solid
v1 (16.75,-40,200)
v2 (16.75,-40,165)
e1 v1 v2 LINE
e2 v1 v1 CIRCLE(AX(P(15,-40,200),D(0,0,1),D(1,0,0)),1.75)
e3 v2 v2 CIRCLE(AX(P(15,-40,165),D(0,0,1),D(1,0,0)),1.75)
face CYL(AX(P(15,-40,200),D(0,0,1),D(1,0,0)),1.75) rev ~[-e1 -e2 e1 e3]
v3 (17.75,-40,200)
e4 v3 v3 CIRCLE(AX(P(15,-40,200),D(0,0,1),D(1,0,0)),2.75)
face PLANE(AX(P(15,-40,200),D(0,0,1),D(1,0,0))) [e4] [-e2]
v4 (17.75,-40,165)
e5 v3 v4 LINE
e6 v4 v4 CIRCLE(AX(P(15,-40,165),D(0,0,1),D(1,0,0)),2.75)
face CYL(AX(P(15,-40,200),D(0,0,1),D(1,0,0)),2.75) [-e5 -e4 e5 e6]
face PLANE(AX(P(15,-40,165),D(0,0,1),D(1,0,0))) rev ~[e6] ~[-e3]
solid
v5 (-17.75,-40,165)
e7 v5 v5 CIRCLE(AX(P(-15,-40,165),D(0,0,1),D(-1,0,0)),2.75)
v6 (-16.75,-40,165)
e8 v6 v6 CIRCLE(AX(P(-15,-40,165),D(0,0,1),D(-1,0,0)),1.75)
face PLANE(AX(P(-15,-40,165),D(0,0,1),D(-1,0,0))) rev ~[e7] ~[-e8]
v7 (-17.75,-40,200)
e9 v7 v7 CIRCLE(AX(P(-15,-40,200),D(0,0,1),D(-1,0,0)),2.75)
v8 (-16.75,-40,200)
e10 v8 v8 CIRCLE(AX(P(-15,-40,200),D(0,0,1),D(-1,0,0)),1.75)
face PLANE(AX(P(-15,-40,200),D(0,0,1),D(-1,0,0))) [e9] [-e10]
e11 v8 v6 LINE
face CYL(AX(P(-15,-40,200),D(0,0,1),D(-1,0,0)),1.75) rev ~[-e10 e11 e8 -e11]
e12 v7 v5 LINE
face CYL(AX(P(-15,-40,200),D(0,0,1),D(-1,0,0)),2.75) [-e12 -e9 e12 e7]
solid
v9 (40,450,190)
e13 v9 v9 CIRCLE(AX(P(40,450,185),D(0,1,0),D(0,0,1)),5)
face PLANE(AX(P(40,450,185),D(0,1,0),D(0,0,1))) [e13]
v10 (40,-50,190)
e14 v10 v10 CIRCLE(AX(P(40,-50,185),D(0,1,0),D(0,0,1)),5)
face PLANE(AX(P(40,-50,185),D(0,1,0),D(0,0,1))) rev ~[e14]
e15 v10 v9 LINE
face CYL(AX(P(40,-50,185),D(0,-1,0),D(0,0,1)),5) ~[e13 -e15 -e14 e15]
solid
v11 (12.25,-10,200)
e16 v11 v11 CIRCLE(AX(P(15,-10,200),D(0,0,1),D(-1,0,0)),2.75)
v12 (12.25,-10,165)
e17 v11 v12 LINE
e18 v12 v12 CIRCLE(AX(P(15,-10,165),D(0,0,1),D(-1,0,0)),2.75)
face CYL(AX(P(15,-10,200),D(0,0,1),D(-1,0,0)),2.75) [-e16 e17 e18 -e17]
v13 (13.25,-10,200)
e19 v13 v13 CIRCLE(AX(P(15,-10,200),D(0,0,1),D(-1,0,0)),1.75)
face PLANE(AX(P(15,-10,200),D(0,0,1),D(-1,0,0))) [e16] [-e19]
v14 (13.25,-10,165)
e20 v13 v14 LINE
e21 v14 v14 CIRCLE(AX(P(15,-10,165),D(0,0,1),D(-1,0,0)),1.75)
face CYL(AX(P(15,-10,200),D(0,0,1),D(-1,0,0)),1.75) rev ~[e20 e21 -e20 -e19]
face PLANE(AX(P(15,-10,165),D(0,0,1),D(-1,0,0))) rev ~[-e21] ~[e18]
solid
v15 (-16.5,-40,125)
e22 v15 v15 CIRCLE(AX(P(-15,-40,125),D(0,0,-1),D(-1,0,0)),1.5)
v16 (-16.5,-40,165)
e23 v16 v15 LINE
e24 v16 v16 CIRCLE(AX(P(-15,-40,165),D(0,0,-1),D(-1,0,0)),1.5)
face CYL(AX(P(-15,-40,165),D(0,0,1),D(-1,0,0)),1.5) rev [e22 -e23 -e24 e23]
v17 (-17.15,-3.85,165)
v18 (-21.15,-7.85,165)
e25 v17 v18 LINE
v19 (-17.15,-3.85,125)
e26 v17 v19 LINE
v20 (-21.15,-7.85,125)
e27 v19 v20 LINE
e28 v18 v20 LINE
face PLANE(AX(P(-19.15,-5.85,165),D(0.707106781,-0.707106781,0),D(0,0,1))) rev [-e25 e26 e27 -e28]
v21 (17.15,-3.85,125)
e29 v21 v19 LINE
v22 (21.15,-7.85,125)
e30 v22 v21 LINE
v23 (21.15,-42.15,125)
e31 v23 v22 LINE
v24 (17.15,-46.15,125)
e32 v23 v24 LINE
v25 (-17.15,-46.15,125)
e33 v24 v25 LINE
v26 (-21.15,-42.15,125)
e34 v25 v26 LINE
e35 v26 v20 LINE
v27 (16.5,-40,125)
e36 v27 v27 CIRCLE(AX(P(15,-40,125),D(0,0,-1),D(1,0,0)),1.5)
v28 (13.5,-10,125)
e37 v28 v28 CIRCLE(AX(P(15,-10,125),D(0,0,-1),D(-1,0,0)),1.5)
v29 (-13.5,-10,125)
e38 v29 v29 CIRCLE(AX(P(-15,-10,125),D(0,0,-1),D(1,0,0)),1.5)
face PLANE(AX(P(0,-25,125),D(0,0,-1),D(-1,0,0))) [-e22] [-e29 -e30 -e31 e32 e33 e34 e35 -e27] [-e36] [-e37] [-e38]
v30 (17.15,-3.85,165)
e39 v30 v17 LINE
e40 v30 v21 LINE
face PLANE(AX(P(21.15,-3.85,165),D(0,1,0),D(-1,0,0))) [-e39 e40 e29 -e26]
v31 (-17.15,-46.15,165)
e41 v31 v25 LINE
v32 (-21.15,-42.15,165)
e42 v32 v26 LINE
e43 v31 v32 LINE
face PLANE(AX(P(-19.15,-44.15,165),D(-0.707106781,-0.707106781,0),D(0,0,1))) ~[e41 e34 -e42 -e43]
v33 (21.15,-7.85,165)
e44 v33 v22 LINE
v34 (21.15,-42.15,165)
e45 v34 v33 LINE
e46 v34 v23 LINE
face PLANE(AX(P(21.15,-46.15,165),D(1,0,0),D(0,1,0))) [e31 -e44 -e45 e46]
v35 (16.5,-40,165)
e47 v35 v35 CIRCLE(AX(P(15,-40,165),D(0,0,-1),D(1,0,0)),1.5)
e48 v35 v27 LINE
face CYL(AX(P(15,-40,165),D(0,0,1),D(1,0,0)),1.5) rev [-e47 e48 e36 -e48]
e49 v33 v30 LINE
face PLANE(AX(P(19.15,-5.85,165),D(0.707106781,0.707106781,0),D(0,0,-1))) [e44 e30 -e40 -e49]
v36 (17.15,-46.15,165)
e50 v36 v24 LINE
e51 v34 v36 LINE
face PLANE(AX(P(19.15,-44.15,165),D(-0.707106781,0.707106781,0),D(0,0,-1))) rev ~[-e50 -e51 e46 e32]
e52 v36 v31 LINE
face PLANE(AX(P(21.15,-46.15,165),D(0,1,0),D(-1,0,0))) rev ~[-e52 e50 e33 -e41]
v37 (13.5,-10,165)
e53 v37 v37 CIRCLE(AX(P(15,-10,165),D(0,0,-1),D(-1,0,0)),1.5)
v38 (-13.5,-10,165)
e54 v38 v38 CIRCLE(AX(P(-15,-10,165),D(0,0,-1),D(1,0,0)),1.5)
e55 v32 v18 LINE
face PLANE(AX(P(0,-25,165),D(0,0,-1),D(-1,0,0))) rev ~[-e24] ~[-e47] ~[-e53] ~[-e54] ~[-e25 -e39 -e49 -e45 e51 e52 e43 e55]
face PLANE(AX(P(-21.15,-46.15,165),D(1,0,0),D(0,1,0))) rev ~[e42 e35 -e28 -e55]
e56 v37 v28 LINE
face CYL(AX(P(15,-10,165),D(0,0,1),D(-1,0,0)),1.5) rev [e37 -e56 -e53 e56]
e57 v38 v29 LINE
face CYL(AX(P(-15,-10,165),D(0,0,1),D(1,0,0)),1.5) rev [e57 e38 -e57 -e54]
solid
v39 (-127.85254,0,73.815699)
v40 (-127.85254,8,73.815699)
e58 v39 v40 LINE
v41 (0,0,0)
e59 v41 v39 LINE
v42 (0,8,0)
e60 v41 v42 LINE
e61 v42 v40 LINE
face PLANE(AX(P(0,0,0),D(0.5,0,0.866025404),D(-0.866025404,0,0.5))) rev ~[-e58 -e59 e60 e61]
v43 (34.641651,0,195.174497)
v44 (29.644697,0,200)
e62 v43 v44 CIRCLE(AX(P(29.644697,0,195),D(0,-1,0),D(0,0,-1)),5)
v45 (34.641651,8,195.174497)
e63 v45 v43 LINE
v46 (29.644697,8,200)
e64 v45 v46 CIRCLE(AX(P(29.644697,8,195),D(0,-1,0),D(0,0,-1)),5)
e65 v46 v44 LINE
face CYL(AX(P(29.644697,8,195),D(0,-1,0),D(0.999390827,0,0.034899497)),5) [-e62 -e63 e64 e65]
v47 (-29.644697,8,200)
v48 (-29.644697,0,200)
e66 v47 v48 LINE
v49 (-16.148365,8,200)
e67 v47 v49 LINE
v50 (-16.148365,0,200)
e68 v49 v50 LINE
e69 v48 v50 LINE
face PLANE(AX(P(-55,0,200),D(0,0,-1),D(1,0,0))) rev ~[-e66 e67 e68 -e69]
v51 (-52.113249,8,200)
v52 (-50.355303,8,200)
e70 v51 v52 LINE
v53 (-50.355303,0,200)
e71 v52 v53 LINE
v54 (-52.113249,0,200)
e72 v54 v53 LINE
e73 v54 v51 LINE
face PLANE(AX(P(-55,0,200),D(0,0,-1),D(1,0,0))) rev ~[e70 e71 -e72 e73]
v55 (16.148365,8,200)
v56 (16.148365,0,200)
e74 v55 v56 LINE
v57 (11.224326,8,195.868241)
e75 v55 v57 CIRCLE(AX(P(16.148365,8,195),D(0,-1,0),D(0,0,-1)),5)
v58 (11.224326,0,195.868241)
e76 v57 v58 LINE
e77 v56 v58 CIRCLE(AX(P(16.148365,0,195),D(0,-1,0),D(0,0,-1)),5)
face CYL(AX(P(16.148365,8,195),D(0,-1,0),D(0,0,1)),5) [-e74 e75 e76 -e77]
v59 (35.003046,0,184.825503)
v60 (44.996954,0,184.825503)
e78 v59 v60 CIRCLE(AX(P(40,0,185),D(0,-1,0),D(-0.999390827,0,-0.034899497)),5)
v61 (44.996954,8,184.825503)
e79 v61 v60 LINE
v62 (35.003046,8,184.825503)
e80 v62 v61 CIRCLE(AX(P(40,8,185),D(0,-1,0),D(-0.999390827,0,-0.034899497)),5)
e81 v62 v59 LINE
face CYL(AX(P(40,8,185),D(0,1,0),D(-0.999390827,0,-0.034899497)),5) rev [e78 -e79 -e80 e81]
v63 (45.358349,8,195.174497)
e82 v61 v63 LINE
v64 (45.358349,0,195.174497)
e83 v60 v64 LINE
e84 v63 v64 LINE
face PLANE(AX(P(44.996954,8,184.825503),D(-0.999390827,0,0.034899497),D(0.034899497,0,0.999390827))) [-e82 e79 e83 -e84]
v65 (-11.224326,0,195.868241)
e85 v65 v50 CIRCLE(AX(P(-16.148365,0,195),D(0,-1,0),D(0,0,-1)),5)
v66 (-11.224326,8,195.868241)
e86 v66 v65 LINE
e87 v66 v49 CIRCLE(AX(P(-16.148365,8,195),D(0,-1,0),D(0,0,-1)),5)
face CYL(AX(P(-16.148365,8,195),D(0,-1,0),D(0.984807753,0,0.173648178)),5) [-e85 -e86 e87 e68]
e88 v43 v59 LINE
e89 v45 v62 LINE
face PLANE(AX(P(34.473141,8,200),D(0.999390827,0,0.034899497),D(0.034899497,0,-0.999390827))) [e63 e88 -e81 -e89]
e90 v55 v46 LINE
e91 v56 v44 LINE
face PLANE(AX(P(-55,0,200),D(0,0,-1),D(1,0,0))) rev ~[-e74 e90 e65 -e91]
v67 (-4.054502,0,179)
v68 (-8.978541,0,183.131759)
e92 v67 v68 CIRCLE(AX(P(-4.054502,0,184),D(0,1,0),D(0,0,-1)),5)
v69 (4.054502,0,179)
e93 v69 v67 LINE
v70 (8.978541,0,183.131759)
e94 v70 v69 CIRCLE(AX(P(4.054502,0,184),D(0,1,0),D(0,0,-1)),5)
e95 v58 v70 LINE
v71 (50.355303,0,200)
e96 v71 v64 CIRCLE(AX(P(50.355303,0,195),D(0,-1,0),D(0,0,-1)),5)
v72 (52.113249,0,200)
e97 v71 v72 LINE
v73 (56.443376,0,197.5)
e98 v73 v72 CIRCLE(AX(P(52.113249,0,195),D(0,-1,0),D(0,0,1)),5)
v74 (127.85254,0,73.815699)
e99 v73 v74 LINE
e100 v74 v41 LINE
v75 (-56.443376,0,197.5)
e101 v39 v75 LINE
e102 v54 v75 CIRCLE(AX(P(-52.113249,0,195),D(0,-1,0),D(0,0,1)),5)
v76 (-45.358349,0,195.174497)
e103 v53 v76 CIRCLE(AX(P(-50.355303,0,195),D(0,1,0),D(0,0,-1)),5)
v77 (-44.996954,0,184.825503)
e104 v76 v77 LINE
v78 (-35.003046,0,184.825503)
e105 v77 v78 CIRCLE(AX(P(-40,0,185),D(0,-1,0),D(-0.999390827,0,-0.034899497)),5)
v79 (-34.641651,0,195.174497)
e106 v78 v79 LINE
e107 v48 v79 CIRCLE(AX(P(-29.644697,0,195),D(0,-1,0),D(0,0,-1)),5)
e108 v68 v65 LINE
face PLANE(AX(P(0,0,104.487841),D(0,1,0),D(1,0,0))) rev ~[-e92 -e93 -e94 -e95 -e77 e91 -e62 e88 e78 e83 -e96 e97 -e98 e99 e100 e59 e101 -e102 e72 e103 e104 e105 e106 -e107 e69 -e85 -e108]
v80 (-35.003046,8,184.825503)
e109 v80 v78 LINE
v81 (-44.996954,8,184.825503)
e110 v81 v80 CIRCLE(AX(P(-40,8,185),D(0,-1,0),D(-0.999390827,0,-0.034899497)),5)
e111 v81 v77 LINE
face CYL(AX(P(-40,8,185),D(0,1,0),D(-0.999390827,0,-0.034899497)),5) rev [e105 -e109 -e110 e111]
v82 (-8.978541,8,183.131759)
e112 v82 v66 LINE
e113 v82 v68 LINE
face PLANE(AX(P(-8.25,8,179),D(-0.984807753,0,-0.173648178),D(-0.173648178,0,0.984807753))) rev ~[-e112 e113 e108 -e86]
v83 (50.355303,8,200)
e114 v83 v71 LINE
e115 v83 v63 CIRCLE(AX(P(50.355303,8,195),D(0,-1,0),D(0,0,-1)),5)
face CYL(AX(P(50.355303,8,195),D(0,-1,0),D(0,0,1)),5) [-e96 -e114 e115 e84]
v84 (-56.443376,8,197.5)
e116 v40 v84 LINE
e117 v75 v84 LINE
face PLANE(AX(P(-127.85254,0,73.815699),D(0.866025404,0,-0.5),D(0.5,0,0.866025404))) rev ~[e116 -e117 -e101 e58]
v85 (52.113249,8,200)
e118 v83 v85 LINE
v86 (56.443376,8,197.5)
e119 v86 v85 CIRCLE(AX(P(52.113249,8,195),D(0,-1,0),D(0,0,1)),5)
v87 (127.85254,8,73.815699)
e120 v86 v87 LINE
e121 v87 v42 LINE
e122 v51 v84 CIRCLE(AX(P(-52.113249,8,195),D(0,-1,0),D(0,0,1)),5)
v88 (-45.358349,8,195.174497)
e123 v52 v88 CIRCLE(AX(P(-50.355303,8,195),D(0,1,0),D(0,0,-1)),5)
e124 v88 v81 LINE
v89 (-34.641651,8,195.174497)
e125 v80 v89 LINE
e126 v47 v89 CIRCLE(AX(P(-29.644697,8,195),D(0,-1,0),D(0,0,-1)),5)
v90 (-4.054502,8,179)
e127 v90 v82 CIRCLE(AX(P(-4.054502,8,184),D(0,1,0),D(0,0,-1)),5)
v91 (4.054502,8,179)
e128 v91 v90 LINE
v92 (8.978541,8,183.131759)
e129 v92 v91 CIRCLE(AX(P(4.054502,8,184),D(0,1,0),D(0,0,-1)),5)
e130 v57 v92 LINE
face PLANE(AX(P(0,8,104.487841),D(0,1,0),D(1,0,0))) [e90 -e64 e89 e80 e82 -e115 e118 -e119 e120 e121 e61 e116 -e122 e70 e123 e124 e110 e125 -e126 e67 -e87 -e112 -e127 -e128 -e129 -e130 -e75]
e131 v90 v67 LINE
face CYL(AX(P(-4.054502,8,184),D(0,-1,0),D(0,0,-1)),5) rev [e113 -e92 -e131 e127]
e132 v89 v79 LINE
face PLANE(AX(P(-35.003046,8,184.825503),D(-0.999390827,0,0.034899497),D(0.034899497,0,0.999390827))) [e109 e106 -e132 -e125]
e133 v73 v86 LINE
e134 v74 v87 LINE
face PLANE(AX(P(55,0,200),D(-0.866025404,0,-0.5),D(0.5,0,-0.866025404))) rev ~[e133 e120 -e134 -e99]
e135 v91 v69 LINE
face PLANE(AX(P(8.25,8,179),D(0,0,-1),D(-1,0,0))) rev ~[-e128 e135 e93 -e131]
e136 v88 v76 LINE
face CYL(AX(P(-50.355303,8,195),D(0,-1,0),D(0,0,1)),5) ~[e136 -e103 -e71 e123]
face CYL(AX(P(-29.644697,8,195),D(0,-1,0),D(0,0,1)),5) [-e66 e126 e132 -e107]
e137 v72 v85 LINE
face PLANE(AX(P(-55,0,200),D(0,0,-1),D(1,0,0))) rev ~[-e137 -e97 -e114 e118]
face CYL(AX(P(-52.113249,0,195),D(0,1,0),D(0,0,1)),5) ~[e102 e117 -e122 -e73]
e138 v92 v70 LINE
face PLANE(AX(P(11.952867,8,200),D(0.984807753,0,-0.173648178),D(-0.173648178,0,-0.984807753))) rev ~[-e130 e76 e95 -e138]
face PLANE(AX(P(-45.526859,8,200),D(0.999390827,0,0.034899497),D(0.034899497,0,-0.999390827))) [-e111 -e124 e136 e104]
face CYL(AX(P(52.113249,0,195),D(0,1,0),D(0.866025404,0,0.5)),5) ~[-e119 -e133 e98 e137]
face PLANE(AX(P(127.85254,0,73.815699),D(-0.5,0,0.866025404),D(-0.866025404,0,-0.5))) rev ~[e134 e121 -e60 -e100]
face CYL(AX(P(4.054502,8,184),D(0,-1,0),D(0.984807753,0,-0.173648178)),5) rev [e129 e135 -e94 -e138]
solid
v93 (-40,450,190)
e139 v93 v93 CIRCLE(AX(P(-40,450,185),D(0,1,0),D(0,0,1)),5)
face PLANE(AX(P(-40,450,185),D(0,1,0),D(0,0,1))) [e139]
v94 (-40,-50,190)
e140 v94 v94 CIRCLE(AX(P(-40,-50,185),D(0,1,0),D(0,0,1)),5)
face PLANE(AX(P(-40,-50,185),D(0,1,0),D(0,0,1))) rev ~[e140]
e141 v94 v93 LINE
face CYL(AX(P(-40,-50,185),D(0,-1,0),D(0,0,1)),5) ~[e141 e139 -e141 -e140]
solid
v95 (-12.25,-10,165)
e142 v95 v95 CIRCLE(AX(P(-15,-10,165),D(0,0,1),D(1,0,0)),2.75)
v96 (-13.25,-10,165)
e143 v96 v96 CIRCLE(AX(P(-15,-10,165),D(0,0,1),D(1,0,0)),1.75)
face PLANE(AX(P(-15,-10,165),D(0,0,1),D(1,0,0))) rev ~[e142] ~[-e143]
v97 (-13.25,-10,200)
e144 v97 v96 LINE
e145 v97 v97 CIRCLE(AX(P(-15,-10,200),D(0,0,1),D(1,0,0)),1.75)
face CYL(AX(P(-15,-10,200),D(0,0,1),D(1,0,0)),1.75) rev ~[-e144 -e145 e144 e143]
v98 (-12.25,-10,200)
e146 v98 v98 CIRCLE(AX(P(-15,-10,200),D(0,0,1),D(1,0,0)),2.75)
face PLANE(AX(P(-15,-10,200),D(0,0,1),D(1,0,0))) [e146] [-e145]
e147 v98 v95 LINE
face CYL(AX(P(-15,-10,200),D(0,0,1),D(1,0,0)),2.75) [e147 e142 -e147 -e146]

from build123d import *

# Parameters (mm, degrees)
BOSS_EXTRUDE1_DEPTH        = 8
CUT_EXTRUDE1_DEPTH         = 8
CUT_EXTRUDE2_DEPTH         = 8
FILLET1_R                  = 5
BOSS_EXTRUDE2_DEPTH        = 450
BOSS_EXTRUDE2_DEPTH_BACK   = 50
SKETCH5_R                  = 5
BOSS_EXTRUDE2_2_DEPTH      = 450
BOSS_EXTRUDE2_2_DEPTH_BACK = 50
SKETCH7_R                  = 2.75
SKETCH7_R_2                = 1.75
BOSS_EXTRUDE3_DEPTH        = 35
BOSS_EXTRUDE3_2_DEPTH      = 35
BOSS_EXTRUDE3_3_DEPTH      = 35
BOSS_EXTRUDE3_4_DEPTH      = 35
SKETCH8_W                  = 42.3
SKETCH8_H                  = 42.3
SKETCH8_R                  = 1.5
BOSS_EXTRUDE4_DEPTH        = 40
CHAMFER1_SIZE              = 4


with BuildPart() as part:
    # Sketch2 → Boss-Extrude1 (new body)
    with BuildSketch(Plane(origin=(0, 0, 0), x_dir=(1, 0, 0), z_dir=(0, 1, 0))):
        Polygon((-55, -200), (55, -200), (127.852540378, -73.815698604), (0, 0), (-127.852540378, -73.815698604), align=None)
    extrude(amount=BOSS_EXTRUDE1_DEPTH)

    # Sketch4 → Cut-Extrude1 (cut)
    with BuildSketch(Plane(origin=(0, 8, 0), x_dir=(1, 0, 0), z_dir=(0, 1, 0))):
        with BuildLine():
            Line((44.996954135, -184.825502516), (45.526859264, -200))
            Line((45.526859264, -200), (34.473140736, -200))
            Line((34.473140736, -200), (35.003045865, -184.825502516))
            ThreePointArc((35.003045865, -184.825502516), (40, -180), (44.996954135, -184.825502516))
        make_face()
        with BuildLine():
            Line((-34.473140736, -200), (-45.526859264, -200))
            Line((-45.526859264, -200), (-44.996954135, -184.825502516))
            ThreePointArc((-44.996954135, -184.825502516), (-40, -180), (-35.003045865, -184.825502516))
            Line((-35.003045865, -184.825502516), (-34.473140736, -200))
        make_face()
    extrude(amount=-CUT_EXTRUDE1_DEPTH, mode=Mode.SUBTRACT)

    # Sketch6 → Cut-Extrude2 (cut)
    with BuildSketch(Plane(origin=(0, 8, 0), x_dir=(1, 0, 0), z_dir=(0, 1, 0))):
        Polygon((-8.25, -179), (-11.952866595, -200), (0, -200), (11.952866595, -200), (8.25, -179), align=None)
    extrude(amount=-CUT_EXTRUDE2_DEPTH, mode=Mode.SUBTRACT)

    # Fillet1
    fillet1_edges = [part.edges().sort_by_distance(p)[0] for p in [
        (45.526859264, 4, 200),
        (34.473140736, 4, 200),
        (-34.473140736, 4, 200),
        (-45.526859264, 4, 200),
        (-55, 4, 200),
        (55, 4, 200),
        (-11.952866595, 4, 200),
        (-8.25, 4, 179),
        (11.952866595, 4, 200),
        (8.25, 4, 179),
    ]]
    fillet(fillet1_edges, radius=FILLET1_R)


with BuildPart() as body_2:
    # Sketch5 → Boss-Extrude2 (new, two sides: drawn at the far end of the back side and taken through both)
    with BuildSketch(Plane(origin=(0, 0, 0), x_dir=(1, 0, 0), z_dir=(0, 1, 0)).offset(-BOSS_EXTRUDE2_DEPTH_BACK)):
        with Locations((40, -185)):
            Circle(SKETCH5_R)
    extrude(amount=BOSS_EXTRUDE2_DEPTH + BOSS_EXTRUDE2_DEPTH_BACK)


with BuildPart() as body_3:
    # Sketch5 → Boss-Extrude2 2 (new, two sides: drawn at the far end of the back side and taken through both)
    with BuildSketch(Plane(origin=(0, 0, 0), x_dir=(1, 0, 0), z_dir=(0, 1, 0)).offset(-BOSS_EXTRUDE2_2_DEPTH_BACK)):
        with Locations((-40, -185)):
            Circle(SKETCH5_R)
    extrude(amount=BOSS_EXTRUDE2_2_DEPTH + BOSS_EXTRUDE2_2_DEPTH_BACK)


with BuildPart() as body_4:
    # Sketch7 → Boss-Extrude3 (new body)
    with BuildSketch(Plane.XY.offset(200)):
        with Locations((-15, -10)):
            Circle(SKETCH7_R)
        with Locations((-15, -10)):
            Circle(SKETCH7_R_2, mode=Mode.SUBTRACT)
    extrude(amount=-BOSS_EXTRUDE3_DEPTH)


with BuildPart() as body_5:
    # Sketch7 → Boss-Extrude3 2 (new body)
    with BuildSketch(Plane.XY.offset(200)):
        with Locations((-15, -40)):
            Circle(SKETCH7_R)
        with Locations((-15, -40)):
            Circle(SKETCH7_R_2, mode=Mode.SUBTRACT)
    extrude(amount=-BOSS_EXTRUDE3_2_DEPTH)


with BuildPart() as body_6:
    # Sketch7 → Boss-Extrude3 3 (new body)
    with BuildSketch(Plane.XY.offset(200)):
        with Locations((15, -40)):
            Circle(SKETCH7_R)
        with Locations((15, -40)):
            Circle(SKETCH7_R_2, mode=Mode.SUBTRACT)
    extrude(amount=-BOSS_EXTRUDE3_3_DEPTH)


with BuildPart() as body_7:
    # Sketch7 → Boss-Extrude3 4 (new body)
    with BuildSketch(Plane.XY.offset(200)):
        with Locations((15, -10)):
            Circle(SKETCH7_R)
        with Locations((15, -10)):
            Circle(SKETCH7_R_2, mode=Mode.SUBTRACT)
    extrude(amount=-BOSS_EXTRUDE3_4_DEPTH)


with BuildPart() as body_8:
    # Sketch8 → Boss-Extrude4 (new body)
    with BuildSketch(Plane(origin=(0, 0, 165), x_dir=(-1, 0, 0), z_dir=(0, 0, -1))):
        with Locations((0, -25)):
            Rectangle(SKETCH8_W, SKETCH8_H)
        with Locations((-15, -10)):
            Circle(SKETCH8_R, mode=Mode.SUBTRACT)
        with Locations((-15, -40)):
            Circle(SKETCH8_R, mode=Mode.SUBTRACT)
        with Locations((15, -40)):
            Circle(SKETCH8_R, mode=Mode.SUBTRACT)
        with Locations((15, -10)):
            Circle(SKETCH8_R, mode=Mode.SUBTRACT)
    extrude(amount=BOSS_EXTRUDE4_DEPTH)

    # Chamfer1
    chamfer1_edges = [body_8.edges().sort_by_distance(p)[0] for p in [
        (-21.15, -3.85, 145),
        (-21.15, -46.15, 145),
        (21.15, -3.85, 145),
        (21.15, -46.15, 145),
    ]]
    chamfer(chamfer1_edges, length=CHAMFER1_SIZE)


solid = Compound([part.part, body_2.part, body_3.part, body_4.part, body_5.part, body_6.part, body_7.part, body_8.part])
